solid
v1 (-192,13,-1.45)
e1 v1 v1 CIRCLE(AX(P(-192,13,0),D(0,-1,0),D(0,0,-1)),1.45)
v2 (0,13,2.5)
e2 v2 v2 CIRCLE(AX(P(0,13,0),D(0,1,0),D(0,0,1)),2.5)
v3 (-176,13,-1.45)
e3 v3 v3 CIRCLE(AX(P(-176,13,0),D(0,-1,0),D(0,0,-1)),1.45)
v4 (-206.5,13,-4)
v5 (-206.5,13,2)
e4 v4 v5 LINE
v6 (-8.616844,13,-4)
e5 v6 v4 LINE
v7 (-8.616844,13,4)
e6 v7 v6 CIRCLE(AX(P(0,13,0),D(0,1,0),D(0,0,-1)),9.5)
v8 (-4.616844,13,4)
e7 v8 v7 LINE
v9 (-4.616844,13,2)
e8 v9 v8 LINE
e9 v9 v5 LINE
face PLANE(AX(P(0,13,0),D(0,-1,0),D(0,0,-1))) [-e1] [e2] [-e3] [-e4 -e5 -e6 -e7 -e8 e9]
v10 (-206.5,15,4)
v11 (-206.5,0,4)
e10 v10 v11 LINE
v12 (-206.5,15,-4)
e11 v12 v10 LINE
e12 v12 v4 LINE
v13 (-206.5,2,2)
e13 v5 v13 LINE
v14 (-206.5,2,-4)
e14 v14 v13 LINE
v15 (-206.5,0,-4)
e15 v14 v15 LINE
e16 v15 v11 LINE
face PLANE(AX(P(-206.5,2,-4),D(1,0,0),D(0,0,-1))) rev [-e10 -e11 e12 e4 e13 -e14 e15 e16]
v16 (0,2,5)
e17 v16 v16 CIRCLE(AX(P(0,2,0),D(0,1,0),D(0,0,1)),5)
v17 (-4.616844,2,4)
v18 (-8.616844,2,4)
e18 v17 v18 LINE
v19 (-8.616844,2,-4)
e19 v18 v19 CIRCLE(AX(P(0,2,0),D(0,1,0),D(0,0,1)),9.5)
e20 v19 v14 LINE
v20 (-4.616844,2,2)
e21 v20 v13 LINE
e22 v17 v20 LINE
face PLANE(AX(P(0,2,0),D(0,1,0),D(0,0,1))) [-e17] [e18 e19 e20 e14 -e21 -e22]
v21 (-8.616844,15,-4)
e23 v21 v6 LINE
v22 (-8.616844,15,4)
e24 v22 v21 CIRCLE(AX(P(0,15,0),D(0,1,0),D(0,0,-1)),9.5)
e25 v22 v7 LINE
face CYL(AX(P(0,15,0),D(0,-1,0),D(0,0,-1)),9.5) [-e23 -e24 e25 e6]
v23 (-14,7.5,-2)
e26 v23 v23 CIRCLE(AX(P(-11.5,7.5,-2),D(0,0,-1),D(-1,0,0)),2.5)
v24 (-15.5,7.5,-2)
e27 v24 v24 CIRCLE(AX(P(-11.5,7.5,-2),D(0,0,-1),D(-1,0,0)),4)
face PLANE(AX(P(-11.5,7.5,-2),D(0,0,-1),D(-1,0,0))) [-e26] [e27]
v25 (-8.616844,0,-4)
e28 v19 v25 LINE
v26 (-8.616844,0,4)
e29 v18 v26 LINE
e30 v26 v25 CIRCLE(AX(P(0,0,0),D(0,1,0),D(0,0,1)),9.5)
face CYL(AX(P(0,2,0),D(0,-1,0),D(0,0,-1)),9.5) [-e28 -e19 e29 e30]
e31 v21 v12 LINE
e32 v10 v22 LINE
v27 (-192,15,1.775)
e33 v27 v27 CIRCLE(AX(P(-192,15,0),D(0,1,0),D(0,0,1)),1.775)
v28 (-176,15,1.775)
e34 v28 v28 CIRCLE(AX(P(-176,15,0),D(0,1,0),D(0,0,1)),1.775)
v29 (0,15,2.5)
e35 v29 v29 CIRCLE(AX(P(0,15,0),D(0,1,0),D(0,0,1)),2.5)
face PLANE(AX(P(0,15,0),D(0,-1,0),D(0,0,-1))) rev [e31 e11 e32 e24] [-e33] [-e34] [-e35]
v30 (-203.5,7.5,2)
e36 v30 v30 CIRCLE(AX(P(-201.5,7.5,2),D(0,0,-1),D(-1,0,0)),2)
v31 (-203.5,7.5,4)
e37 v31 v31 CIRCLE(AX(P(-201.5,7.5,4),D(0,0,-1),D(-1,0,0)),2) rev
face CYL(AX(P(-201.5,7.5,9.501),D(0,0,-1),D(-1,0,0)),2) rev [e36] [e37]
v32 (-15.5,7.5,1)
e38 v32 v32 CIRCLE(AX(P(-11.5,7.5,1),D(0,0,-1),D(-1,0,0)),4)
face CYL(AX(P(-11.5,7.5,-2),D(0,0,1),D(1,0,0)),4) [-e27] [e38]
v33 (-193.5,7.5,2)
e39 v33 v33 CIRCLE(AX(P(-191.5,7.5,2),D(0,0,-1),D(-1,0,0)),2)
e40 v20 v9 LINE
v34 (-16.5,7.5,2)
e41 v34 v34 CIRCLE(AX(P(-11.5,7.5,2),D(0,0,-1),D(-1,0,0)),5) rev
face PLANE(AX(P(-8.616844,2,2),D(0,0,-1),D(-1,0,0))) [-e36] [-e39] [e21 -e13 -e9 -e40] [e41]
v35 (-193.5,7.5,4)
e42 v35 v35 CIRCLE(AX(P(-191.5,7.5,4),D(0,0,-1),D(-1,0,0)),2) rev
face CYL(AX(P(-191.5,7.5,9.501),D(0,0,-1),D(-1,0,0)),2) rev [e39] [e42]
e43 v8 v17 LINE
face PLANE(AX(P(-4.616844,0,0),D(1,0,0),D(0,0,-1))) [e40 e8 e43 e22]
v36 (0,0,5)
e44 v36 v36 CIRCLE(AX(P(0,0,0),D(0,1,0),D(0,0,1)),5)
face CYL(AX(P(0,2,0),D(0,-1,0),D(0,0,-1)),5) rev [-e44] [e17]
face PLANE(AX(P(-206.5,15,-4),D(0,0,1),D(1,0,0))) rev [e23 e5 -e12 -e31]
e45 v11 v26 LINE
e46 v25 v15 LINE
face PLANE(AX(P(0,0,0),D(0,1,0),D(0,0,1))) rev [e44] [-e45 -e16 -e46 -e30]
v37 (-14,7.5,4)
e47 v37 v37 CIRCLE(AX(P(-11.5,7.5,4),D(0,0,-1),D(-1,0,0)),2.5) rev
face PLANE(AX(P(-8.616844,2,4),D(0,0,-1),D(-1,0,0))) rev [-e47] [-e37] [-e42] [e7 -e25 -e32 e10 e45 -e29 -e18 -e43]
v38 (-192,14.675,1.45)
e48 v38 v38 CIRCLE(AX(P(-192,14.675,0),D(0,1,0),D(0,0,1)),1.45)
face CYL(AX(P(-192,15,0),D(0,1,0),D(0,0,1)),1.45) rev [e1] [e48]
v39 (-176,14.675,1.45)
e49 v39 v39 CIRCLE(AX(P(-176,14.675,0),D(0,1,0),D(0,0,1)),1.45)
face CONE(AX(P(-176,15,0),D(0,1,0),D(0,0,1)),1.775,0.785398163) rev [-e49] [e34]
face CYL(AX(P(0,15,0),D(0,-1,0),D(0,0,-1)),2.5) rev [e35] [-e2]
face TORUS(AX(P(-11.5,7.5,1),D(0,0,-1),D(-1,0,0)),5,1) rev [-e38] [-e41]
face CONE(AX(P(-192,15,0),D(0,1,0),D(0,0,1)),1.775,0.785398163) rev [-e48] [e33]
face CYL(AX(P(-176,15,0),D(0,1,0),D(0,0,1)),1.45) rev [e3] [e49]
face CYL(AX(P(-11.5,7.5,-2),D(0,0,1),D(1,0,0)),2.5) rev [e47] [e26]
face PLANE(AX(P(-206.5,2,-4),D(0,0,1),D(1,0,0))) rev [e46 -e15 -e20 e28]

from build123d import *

# Parameters (mm, degrees)
SKETCH1_R                         = 5
BOSS_EXTRUDE3_DEPTH               = 2
SKETCH5_W                         = 2
SKETCH5_H                         = 11
BOSS_EXTRUDE4_DEPTH               = 197.88316
SKETCH6_R                         = 2.5
BOSS_EXTRUDE5_DEPTH               = 2
SKETCH8_W                         = 2
SKETCH8_H                         = 11
BOSS_EXTRUDE6_DEPTH               = 4
CUT_EXTRUDE8_REACH                = 209.363
SKETCH10_R                        = 2
SKETCH11_R                        = 4
SKETCH11_R_2                      = 2.5
BOSS_EXTRUDE7_DEPTH               = 4
CUT_EXTRUDE9_REACH                = 209.363
SKETCH12_R                        = 2.5
FILLET1_R                         = 1
M3_5X0_6_TAPPED_HOLE7_D           = 2.9
M3_5X0_6_TAPPED_HOLE7_DEPTH       = 2
M3_5X0_6_TAPPED_HOLE7_CSINK_D     = 3.55
M3_5X0_6_TAPPED_HOLE7_CSINK_ANGLE = 90


with BuildPart() as part:
    # Sketch1 → Boss-Extrude3 (new body)
    with BuildSketch(Plane(origin=(0, 0, 0), x_dir=(1, 0, 0), z_dir=(0, 1, 0))):
        with BuildLine():
            Line((-206.5, 4), (-8.61684397, 4))
            ThreePointArc((-8.61684397, 4), (9.5, 0), (-8.61684397, -4))
            Line((-8.61684397, -4), (-206.5, -4))
            Line((-206.5, -4), (-206.5, 4))
        make_face()
        with Locations(Location((0, 0, 0), (0, 0, 270))):
            Circle(SKETCH1_R, mode=Mode.SUBTRACT)
    extrude(amount=BOSS_EXTRUDE3_DEPTH)

    # Sketch5 → Boss-Extrude4 (add)
    with BuildSketch(Plane.ZY.offset(206.5)):
        with Locations((3, 7.5)):
            Rectangle(SKETCH5_W, SKETCH5_H)
    extrude(amount=-BOSS_EXTRUDE4_DEPTH)


with BuildPart() as boss_extrude5_tool:
    # Sketch6 → Boss-Extrude5 (new body)
    with BuildSketch(Plane(origin=(0, 13, 0), x_dir=(1, 0, 0), z_dir=(0, 1, 0))):
        with BuildLine():
            Line((-206.5, 4), (-8.61684397, 4))
            ThreePointArc((-8.61684397, 4), (9.5, 0), (-8.61684397, -4))
            Line((-8.61684397, -4), (-206.5, -4))
            Line((-206.5, -4), (-206.5, 4))
        make_face()
        with Locations(Location((0, 0, 0), (0, 0, 270))):
            Circle(SKETCH6_R, mode=Mode.SUBTRACT)
    extrude(amount=BOSS_EXTRUDE5_DEPTH)


with BuildPart() as part_1:
    add(part.part)


with BuildPart() as part_2:
    # Boss-Extrude5: joined with boss_extrude5_tool
    add(part_1.part.fuse(boss_extrude5_tool.part, tol=0.00001))

    # Sketch8 → Boss-Extrude6 (add)
    with BuildSketch(Plane(origin=(-8.61684397, 0, 0), x_dir=(0, 0, -1), z_dir=(1, 0, 0))):
        with Locations((-3, 7.5)):
            Rectangle(SKETCH8_W, SKETCH8_H)
    extrude(amount=BOSS_EXTRUDE6_DEPTH)

    # Sketch10 → Cut-Extrude8 (cut, up to next)
    with BuildSketch(Plane(origin=(0, 0, 2), x_dir=(-1, 0, 0), z_dir=(0, 0, -1)), mode=Mode.PRIVATE) as cut_extrude8_sk1:
        with Locations((201.5, 7.5)):
            Circle(SKETCH10_R)
    cut_extrude8_tool1 = extrude(cut_extrude8_sk1.sketch, amount=-CUT_EXTRUDE8_REACH, mode=Mode.PRIVATE) & part_2.part
    # Sketch10 → Cut-Extrude8 (cut, up to next)
    with BuildSketch(Plane(origin=(0, 0, 2), x_dir=(-1, 0, 0), z_dir=(0, 0, -1)), mode=Mode.PRIVATE) as cut_extrude8_sk2:
        with Locations((191.5, 7.5)):
            Circle(SKETCH10_R)
    cut_extrude8_tool2 = extrude(cut_extrude8_sk2.sketch, amount=-CUT_EXTRUDE8_REACH, mode=Mode.PRIVATE) & part_2.part
    add(cut_extrude8_tool1.solids().sort_by_distance((-201.5, 7.5, 2))[0], mode=Mode.SUBTRACT)
    add(cut_extrude8_tool2.solids().sort_by_distance((-191.5, 7.5, 2))[0], mode=Mode.SUBTRACT)

    # Sketch11 → Boss-Extrude7 (add)
    with BuildSketch(Plane(origin=(0, 0, 2), x_dir=(-1, 0, 0), z_dir=(0, 0, -1))):
        with Locations((11.5, 7.5)):
            Circle(SKETCH11_R)
        with Locations((11.5, 7.5)):
            Circle(SKETCH11_R_2, mode=Mode.SUBTRACT)
    extrude(amount=BOSS_EXTRUDE7_DEPTH)

    # Sketch12 → Cut-Extrude9 (cut, up to next)
    with BuildSketch(Plane(origin=(0, 0, 2), x_dir=(-1, 0, 0), z_dir=(0, 0, -1)), mode=Mode.PRIVATE) as cut_extrude9_sk1:
        with Locations((11.5, 7.5)):
            Circle(SKETCH12_R)
    cut_extrude9_tool1 = extrude(cut_extrude9_sk1.sketch, amount=-CUT_EXTRUDE9_REACH, mode=Mode.PRIVATE) & part_2.part
    add(cut_extrude9_tool1.solids().sort_by_distance((-11.5, 7.5, 2))[0], mode=Mode.SUBTRACT)

    # Fillet1
    fillet1_edges = [part_2.edges().sort_by_distance(p)[0] for p in [
        (-7.5, 7.5, 2),
    ]]
    fillet(fillet1_edges, radius=FILLET1_R)

    # M3.5x0.6 Tapped Hole7
    with Locations(Plane(origin=(0, 15, 0), x_dir=(1, 0, 0), z_dir=(0, 1, 0))):
        with Locations((-176, 0), (-192, 0)):
            CounterSinkHole(M3_5X0_6_TAPPED_HOLE7_D / 2, M3_5X0_6_TAPPED_HOLE7_CSINK_D / 2, depth=M3_5X0_6_TAPPED_HOLE7_DEPTH, counter_sink_angle=M3_5X0_6_TAPPED_HOLE7_CSINK_ANGLE)


solid = part_2.part
